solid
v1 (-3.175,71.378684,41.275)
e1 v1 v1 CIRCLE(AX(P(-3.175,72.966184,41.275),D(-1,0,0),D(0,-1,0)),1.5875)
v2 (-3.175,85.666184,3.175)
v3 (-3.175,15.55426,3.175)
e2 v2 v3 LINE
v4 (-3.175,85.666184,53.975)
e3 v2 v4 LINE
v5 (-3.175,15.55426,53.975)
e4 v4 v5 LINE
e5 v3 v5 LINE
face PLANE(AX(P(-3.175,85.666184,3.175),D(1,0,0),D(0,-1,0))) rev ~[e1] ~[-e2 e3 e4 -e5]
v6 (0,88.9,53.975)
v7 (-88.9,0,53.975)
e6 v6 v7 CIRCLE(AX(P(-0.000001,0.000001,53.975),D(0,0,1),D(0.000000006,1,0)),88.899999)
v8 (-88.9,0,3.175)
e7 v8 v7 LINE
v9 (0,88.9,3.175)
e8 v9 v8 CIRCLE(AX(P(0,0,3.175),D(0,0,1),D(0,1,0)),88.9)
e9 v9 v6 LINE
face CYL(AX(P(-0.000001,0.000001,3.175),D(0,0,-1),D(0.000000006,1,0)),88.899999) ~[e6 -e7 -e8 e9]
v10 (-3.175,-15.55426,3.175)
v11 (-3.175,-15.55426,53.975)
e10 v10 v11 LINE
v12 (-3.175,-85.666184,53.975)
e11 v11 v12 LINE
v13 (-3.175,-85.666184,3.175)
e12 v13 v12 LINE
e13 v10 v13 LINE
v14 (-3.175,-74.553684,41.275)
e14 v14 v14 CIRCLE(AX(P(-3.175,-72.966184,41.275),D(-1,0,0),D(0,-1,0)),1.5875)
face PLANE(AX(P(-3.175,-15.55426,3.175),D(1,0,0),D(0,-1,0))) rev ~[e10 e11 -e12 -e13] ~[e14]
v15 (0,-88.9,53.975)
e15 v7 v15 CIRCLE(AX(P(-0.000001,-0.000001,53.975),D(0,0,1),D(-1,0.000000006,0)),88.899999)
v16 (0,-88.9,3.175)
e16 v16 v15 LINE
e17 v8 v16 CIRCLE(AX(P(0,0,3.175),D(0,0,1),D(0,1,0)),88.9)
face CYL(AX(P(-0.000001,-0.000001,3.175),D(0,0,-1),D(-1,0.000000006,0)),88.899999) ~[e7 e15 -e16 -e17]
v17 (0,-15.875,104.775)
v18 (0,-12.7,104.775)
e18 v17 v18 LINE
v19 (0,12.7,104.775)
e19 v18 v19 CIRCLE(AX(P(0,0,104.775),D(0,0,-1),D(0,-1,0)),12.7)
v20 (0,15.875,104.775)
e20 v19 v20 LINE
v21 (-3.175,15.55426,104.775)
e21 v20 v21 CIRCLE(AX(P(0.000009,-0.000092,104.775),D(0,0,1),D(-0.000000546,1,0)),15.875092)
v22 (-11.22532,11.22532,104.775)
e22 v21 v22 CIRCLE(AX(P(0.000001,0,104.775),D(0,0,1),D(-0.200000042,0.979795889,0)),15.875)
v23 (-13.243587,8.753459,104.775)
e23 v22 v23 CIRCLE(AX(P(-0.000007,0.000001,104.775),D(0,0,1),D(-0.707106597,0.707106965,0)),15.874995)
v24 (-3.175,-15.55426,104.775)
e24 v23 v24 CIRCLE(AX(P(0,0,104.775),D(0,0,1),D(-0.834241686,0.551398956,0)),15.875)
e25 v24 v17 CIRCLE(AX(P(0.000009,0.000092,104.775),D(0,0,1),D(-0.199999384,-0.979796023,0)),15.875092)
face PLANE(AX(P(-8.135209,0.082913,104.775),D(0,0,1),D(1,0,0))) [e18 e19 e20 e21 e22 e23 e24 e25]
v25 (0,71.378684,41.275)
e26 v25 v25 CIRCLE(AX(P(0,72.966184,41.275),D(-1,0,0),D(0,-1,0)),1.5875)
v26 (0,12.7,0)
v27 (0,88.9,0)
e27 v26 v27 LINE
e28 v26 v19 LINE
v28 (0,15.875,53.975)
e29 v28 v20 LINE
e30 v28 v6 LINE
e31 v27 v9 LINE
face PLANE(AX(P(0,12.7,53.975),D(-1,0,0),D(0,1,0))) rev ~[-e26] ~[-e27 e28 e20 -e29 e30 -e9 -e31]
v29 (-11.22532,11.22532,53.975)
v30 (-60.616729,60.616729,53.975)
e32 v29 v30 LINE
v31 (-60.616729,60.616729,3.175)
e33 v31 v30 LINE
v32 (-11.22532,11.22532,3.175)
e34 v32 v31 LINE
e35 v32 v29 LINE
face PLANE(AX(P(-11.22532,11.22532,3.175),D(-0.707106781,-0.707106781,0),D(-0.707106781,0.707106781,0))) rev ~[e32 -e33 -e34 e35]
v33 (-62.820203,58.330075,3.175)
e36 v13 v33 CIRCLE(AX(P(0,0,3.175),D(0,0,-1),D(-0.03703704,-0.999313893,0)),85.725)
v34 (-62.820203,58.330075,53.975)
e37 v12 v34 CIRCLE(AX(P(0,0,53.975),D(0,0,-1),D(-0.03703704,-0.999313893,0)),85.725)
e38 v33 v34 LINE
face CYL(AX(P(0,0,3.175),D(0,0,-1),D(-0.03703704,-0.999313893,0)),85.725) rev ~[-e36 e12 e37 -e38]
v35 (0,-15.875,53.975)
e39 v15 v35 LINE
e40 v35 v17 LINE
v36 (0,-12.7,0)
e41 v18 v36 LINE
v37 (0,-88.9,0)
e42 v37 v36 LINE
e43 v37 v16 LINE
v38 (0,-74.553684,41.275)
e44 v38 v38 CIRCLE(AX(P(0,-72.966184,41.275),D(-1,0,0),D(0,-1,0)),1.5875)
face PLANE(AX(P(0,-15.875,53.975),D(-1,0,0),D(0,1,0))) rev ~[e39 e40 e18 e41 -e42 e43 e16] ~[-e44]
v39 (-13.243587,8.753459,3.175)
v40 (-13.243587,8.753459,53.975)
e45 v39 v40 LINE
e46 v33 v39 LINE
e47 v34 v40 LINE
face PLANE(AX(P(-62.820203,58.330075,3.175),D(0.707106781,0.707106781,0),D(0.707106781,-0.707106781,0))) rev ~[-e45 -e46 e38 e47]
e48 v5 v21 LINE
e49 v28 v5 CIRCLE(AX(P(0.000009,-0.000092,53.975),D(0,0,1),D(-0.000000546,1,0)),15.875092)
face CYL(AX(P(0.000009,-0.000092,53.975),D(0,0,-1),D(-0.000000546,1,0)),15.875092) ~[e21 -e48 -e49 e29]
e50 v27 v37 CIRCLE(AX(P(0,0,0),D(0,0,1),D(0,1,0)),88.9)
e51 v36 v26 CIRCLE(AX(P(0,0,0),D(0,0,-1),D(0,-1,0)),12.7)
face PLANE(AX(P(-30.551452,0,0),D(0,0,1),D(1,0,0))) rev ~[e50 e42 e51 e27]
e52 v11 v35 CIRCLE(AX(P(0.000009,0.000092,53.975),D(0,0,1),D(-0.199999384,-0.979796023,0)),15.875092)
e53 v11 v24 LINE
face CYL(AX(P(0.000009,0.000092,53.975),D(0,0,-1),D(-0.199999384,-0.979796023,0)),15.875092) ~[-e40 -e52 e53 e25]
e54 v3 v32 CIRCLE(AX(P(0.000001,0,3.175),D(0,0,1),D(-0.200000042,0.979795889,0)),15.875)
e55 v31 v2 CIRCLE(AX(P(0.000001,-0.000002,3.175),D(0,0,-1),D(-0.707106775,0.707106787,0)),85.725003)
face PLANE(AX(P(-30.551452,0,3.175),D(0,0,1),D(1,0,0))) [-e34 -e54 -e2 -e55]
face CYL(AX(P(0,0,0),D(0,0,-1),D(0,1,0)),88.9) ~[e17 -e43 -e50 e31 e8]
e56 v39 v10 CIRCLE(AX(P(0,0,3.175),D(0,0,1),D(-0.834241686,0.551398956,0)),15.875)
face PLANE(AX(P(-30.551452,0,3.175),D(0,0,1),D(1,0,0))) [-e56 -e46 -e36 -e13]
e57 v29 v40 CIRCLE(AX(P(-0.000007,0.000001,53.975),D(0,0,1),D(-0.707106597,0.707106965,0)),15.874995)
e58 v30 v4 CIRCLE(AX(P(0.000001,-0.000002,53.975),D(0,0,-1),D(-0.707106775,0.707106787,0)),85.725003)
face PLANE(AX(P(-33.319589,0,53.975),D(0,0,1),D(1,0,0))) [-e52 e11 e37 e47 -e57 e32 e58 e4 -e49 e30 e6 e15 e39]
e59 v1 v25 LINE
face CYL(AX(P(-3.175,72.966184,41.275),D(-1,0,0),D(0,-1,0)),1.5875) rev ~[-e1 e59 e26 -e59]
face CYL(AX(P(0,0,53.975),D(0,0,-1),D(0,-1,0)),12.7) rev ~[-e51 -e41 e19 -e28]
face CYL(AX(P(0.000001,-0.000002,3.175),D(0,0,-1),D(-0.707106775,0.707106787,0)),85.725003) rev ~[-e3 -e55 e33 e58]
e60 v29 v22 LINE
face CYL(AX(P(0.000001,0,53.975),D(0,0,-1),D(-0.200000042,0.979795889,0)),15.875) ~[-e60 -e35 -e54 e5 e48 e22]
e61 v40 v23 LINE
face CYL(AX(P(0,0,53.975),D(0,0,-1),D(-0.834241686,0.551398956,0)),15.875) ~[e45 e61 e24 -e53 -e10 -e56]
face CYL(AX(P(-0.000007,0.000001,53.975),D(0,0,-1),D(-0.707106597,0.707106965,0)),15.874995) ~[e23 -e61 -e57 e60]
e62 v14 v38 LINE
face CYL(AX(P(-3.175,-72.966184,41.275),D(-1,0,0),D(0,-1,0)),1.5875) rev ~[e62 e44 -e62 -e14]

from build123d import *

# Parameters (mm, degrees)
F1_DEPTH = 3.175
F3_DEPTH = 50.8
F5_DEPTH = 50.8
F6_R     = 1.5875
F7_DEPTH = 3.175


with BuildPart() as f1:
    # F0 (on Top) → F1 (new body)
    with BuildSketch(Plane.XY):
        with BuildLine():
            Line((0, 12.7), (0, 88.9))
            ThreePointArc((0, 88.9), (-88.9, 0), (0, -88.9))
            Line((0, -88.9), (0, -12.7))
            ThreePointArc((0, -12.7), (-12.7, 0), (0, 12.7))
        make_face()
    extrude(amount=F1_DEPTH)

    # F2 (on face) → F3 (join)
    with BuildSketch(Plane.XY.offset(3.175)):
        with BuildLine():
            ThreePointArc((0, -12.7), (-12.7, 0), (0, 12.7))
            Line((0, 12.7), (0, 88.9))
            ThreePointArc((0, 88.9), (-62.861793, 62.861793), (-88.9, 0))
            ThreePointArc((-88.9, 0), (-62.861793, -62.861793), (0, -88.9))
            Line((0, -88.9), (0, -12.7))
        make_face()
        with BuildLine():
            ThreePointArc((-13.243587, 8.753459), (-14.666588, -6.075099), (-3.175, -15.55426))
            Line((-3.175, -15.55426), (-3.175, -85.666184))
            ThreePointArc((-3.175, -85.666184), (-79.199573, -32.805537), (-62.820203, 58.330075))
            Line((-62.820203, 58.330075), (-13.243587, 8.753459))
        make_face(mode=Mode.SUBTRACT)
        with BuildLine():
            Line((-3.175, 85.666184), (-3.175, 15.55426))
            ThreePointArc((-3.175, 15.55426), (-7.51846, 13.981716), (-11.22532, 11.22532))
            Line((-11.22532, 11.22532), (-60.616729, 60.616729))
            ThreePointArc((-60.616729, 60.616729), (-34.26682, 78.578373), (-3.175, 85.666184))
        make_face(mode=Mode.SUBTRACT)
    extrude(amount=F3_DEPTH)

    # F4 (on face) → F5 (join)
    with BuildSketch(Plane.XY.offset(53.975)):
        with BuildLine():
            ThreePointArc((0, -12.7), (-12.7, 0), (0, 12.7))
            Line((0, 12.7), (0, 15.875))
            ThreePointArc((0, 15.875), (-1.59558, 15.794611), (-3.175, 15.55426))
            ThreePointArc((-3.175, 15.55426), (-7.51846, 13.981716), (-11.22532, 11.22532))
            ThreePointArc((-11.22532, 11.22532), (-12.296722, 10.040232), (-13.243587, 8.753459))
            ThreePointArc((-13.243587, 8.753459), (-14.666588, -6.075099), (-3.175, -15.55426))
            ThreePointArc((-3.175, -15.55426), (-1.59558, -15.794611), (0, -15.875))
            Line((0, -15.875), (0, -12.7))
        make_face()
    extrude(amount=F5_DEPTH)

    # F6 (on face) → F7 (cut)
    with BuildSketch(Plane(origin=(-3.175, 0, 0), x_dir=(0, -1, 0), z_dir=(-1, 0, 0))):
        with Locations((72.966184, 41.275)):
            Circle(F6_R)
        with Locations((-72.966184, 41.275)):
            Circle(F6_R)
    extrude(amount=-F7_DEPTH, mode=Mode.SUBTRACT)


solid = f1.part
